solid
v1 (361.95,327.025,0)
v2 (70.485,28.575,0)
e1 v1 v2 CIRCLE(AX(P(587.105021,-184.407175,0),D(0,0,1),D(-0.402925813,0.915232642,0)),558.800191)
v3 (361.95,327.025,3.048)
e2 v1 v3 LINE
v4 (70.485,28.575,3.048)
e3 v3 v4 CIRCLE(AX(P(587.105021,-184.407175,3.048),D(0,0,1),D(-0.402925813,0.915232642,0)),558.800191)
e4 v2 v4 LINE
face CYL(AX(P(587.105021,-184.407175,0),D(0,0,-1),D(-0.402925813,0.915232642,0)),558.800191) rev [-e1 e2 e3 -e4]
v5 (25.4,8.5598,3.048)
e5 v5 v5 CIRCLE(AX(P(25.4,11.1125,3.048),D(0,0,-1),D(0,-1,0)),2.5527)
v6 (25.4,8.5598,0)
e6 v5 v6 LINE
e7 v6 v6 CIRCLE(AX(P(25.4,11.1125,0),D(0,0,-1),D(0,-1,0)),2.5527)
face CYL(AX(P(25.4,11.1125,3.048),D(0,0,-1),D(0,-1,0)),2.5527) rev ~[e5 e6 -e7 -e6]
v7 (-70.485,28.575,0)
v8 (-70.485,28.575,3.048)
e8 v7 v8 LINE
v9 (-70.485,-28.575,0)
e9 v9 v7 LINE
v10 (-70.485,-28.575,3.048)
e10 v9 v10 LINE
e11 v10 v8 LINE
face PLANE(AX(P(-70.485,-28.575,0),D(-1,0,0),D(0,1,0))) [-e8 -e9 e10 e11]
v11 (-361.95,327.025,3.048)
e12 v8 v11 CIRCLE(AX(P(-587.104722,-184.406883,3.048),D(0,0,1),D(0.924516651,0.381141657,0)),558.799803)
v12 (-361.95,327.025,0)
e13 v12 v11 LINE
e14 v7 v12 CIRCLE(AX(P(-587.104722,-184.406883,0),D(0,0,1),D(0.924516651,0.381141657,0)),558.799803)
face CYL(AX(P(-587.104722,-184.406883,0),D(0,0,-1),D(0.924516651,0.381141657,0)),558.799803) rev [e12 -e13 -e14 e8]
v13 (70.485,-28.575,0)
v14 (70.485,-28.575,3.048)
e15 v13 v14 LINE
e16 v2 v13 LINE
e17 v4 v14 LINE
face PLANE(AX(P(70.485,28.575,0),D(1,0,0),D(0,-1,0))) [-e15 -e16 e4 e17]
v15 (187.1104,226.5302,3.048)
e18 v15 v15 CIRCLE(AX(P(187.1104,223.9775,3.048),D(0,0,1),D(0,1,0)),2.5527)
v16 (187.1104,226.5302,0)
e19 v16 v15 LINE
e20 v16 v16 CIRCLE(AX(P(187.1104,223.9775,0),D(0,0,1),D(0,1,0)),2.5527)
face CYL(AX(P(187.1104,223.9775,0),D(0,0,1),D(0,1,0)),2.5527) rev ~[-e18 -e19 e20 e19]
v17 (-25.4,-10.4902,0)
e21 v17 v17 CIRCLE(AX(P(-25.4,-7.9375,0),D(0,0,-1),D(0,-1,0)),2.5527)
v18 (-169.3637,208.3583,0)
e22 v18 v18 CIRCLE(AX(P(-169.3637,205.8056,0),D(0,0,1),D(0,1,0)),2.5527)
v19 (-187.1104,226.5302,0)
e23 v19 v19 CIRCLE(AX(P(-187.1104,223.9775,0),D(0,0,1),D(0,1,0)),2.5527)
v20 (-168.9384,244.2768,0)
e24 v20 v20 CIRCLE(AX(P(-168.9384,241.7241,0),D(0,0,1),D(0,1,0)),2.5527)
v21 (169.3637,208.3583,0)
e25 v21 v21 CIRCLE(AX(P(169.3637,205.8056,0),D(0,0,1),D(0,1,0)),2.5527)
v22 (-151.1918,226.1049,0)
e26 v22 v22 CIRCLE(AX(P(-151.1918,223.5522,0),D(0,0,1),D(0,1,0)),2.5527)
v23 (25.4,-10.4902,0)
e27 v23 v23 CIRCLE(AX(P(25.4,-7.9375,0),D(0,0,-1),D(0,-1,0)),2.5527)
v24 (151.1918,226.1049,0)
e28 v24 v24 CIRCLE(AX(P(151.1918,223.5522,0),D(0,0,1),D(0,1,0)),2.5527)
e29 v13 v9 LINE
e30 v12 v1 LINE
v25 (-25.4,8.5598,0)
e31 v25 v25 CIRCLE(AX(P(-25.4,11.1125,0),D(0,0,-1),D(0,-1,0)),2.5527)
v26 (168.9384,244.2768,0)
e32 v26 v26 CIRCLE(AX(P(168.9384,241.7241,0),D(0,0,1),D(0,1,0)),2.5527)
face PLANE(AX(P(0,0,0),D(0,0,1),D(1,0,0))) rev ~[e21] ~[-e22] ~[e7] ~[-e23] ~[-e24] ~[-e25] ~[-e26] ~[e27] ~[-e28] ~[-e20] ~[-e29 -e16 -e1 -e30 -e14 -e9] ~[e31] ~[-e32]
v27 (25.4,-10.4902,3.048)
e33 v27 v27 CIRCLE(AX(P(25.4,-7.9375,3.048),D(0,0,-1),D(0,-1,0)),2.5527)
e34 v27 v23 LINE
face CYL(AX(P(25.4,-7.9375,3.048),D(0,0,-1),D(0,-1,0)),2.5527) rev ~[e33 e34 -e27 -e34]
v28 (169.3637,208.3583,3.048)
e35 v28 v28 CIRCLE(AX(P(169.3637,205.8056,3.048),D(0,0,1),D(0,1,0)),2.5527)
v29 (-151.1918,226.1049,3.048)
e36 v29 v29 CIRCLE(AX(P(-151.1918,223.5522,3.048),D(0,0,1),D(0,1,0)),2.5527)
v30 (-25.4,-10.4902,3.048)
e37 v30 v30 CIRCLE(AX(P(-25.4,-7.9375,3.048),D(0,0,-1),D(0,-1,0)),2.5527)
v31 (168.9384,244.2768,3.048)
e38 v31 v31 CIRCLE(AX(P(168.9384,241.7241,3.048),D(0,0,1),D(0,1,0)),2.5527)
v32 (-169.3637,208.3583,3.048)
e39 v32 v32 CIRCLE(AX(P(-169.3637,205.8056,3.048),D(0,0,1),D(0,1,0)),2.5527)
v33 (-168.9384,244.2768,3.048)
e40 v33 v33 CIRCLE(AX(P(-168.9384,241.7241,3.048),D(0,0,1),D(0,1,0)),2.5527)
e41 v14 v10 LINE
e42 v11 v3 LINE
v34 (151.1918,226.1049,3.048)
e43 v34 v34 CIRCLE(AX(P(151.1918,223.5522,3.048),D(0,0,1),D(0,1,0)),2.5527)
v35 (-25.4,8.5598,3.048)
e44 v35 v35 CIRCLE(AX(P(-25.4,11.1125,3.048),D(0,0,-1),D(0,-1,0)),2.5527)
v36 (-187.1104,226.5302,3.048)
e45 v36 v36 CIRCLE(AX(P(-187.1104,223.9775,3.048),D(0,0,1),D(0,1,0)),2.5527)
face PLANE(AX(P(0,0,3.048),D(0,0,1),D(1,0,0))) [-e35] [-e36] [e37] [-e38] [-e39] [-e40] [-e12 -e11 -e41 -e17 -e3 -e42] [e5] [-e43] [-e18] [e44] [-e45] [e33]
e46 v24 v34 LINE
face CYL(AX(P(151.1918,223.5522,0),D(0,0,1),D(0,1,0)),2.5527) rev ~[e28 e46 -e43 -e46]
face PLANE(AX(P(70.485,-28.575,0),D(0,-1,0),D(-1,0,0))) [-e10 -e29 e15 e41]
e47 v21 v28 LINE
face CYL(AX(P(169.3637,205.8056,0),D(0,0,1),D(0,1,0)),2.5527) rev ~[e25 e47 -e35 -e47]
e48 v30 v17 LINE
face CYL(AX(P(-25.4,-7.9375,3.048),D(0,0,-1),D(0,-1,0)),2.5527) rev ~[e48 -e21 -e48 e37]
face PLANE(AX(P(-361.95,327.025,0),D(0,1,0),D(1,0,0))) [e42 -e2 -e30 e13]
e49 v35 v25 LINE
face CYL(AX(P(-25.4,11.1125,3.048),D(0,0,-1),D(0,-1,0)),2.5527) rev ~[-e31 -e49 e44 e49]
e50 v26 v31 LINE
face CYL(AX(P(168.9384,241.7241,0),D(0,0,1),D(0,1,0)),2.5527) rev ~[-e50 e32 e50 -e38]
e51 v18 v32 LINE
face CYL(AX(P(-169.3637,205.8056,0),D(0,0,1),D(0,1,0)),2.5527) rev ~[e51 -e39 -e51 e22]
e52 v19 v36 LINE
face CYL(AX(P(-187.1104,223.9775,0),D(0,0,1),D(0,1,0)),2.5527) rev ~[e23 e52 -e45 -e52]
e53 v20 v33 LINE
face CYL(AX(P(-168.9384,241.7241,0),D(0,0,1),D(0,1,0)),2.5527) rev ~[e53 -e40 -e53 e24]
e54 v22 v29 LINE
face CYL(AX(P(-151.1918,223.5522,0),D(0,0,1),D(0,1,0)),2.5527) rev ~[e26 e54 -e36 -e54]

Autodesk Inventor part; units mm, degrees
ref_plane "YZ Plane" through (0, 0, 0) normal (1, 0, 0) x (0, 1, 0)
ref_plane "XZ Plane" through (0, 0, 0) normal (0, 1, 0) x (-1, 0, 0)
ref_plane "XY Plane" through (0, 0, 0) normal (0, 0, 1) x (1, 0, 0)
sketch "Sketch1" plane through (0, 0, 0) normal (0, 0, 1) x (1, 0, 0)
  line L0 (70.485, -28.575) -> (-70.485, -28.575)
  line L1 (-70.485, -28.575) -> (-70.485, 28.575)
  line L2 (-70.485, 28.575) -> (70.485, 28.575)
  line L3 (70.485, 28.575) -> (70.485, -28.575)
  line L4 (70.485, -28.575) -> (-70.485, 28.575) construction
  line L5 (-70.485, -28.575) -> (70.485, 28.575) construction
  line L6 (-361.95, 327.025) -> (361.95, 327.025)
  line L7 (-361.95, 327.025) -> (-361.95, 352.425) construction
  line L8 (-70.485, 28.575) -> (-45.085, 28.575) construction
  line L9 (0, 0) -> (0, 28.575) construction
  arc A0 (-70.485, 28.575) -> (-361.95, 327.025) centre (-587.1049, -184.407) ccw
  arc A1 (361.95, 327.025) -> (70.485, 28.575) centre (587.1049, -184.407) ccw
  point P0 (0, 327.025)
  dimension "d0" = 140.97
  dimension "d1" = 57.15
  dimension "d2" = 723.9
  dimension "d3" = 355.6
  dimension "d4" = 25.4
  dimension "d7" = 558.8
extrude "Plate1" add sketch "Sketch1" along normal blind 3.048
sketch "Sketch2" plane through (0, 0, 3.048) normal (0, 0, 1) x (1, 0, 0)
  line L0 (70.485, -28.575) -> (-70.485, -28.575) construction
  line L1 (-25.4, -28.575) -> (-25.4, -7.9375) construction
  point P0 (0, 0)
  point P1 (25.4, -7.9375)
  point P2 (-25.4, 11.1125)
  point P3 (25.4, 11.1125)
  dimension "d9" = 20.6375
  dimension "d11" = 25.4
  dimension "d15" = 50.8
  dimension "d18" = 19.05
hole "Hole1" at (-25.4, -7.9375, 3.048) at (25.4, -7.9375, 3.048) at (-25.4, 11.1125, 3.048) at (25.4, 11.1125, 3.048) direction (0, 0, -1) diameter 5.1054 depth 3.048 tip angle 118 clearance for "Flat Head Machine Screw (82)" size "#10" standard "Ansi Unified Screw Threads"
sketch "Sketch3" plane through (0, 0, 0) normal (0, 0, -1) x (-1, 0, 0)
  arc A0 (361.95, 327.025) -> (70.485, 28.575) centre (587.1049, -184.407) ccw construction
  line L0 (187.323, 206.0182) -> (178.2371, 214.8915) construction
  line L1 (169.3637, 205.8056) -> (187.1104, 223.9775) construction
  line L2 (169.3637, 205.8056) -> (151.1918, 223.5522) construction
  line L3 (187.1104, 223.9775) -> (168.9384, 241.7241) construction
  line L4 (0, 0) -> (0, 25.4) construction
  point P0 (-169.3637, 205.8056)
  point P1 (-187.1104, 223.9775)
  point P2 (-151.1918, 223.5522)
  point P3 (-168.9384, 241.7241)
  dimension "d28" = 12.7
  dimension "d29" = 25.4
  dimension "d30" = 25.4
  dimension "d31" = 25.4
  dimension "d32" = 25.4
hole "Hole2" at (-169.3637, 205.8056, 0) at (-187.1104, 223.9775, 0) at (-151.1918, 223.5522, 0) at (-168.9384, 241.7241, 0) at (151.1918, 223.5522, 0) at (169.3637, 205.8056, 0) at (187.1104, 223.9775, 0) at (168.9384, 241.7241, 0) direction (0, 0, 1) diameter 5.1054 depth 3.048 tip angle 118 clearance for "Flat Head Machine Screw (82)" size "#10" standard "Ansi Unified Screw Threads"
sketch "Sketch4" plane through (0, 0, 0) normal (0, 0, -1) x (-1, 0, 0)
  point P0 (0, 0)
equation "\"d26\" = Thickness"
equation "\"d38\" = Thickness"
equation "\"d8\" = Thickness"
equation "\"BendRadius\" = Thickness"
equation "\"BendReliefWidth\" = Thickness"
equation "\"BendReliefDepth\" = 0.5 * Thickness"
equation "\"CornerReliefSize\" = 4 * Thickness"
equation "\"MinimumRemnant\" = 2 * Thickness"
equation "\"TransitionRadius\" = BendRadius"
equation "\"JacobiRadiusSize\" = BendRadius"
equation "\"GapSize\" = Thickness"
equation "\"Thickness\" = 3.048"
properties part number "curved_hopper_back" material "Polycarbonate, Clear"
